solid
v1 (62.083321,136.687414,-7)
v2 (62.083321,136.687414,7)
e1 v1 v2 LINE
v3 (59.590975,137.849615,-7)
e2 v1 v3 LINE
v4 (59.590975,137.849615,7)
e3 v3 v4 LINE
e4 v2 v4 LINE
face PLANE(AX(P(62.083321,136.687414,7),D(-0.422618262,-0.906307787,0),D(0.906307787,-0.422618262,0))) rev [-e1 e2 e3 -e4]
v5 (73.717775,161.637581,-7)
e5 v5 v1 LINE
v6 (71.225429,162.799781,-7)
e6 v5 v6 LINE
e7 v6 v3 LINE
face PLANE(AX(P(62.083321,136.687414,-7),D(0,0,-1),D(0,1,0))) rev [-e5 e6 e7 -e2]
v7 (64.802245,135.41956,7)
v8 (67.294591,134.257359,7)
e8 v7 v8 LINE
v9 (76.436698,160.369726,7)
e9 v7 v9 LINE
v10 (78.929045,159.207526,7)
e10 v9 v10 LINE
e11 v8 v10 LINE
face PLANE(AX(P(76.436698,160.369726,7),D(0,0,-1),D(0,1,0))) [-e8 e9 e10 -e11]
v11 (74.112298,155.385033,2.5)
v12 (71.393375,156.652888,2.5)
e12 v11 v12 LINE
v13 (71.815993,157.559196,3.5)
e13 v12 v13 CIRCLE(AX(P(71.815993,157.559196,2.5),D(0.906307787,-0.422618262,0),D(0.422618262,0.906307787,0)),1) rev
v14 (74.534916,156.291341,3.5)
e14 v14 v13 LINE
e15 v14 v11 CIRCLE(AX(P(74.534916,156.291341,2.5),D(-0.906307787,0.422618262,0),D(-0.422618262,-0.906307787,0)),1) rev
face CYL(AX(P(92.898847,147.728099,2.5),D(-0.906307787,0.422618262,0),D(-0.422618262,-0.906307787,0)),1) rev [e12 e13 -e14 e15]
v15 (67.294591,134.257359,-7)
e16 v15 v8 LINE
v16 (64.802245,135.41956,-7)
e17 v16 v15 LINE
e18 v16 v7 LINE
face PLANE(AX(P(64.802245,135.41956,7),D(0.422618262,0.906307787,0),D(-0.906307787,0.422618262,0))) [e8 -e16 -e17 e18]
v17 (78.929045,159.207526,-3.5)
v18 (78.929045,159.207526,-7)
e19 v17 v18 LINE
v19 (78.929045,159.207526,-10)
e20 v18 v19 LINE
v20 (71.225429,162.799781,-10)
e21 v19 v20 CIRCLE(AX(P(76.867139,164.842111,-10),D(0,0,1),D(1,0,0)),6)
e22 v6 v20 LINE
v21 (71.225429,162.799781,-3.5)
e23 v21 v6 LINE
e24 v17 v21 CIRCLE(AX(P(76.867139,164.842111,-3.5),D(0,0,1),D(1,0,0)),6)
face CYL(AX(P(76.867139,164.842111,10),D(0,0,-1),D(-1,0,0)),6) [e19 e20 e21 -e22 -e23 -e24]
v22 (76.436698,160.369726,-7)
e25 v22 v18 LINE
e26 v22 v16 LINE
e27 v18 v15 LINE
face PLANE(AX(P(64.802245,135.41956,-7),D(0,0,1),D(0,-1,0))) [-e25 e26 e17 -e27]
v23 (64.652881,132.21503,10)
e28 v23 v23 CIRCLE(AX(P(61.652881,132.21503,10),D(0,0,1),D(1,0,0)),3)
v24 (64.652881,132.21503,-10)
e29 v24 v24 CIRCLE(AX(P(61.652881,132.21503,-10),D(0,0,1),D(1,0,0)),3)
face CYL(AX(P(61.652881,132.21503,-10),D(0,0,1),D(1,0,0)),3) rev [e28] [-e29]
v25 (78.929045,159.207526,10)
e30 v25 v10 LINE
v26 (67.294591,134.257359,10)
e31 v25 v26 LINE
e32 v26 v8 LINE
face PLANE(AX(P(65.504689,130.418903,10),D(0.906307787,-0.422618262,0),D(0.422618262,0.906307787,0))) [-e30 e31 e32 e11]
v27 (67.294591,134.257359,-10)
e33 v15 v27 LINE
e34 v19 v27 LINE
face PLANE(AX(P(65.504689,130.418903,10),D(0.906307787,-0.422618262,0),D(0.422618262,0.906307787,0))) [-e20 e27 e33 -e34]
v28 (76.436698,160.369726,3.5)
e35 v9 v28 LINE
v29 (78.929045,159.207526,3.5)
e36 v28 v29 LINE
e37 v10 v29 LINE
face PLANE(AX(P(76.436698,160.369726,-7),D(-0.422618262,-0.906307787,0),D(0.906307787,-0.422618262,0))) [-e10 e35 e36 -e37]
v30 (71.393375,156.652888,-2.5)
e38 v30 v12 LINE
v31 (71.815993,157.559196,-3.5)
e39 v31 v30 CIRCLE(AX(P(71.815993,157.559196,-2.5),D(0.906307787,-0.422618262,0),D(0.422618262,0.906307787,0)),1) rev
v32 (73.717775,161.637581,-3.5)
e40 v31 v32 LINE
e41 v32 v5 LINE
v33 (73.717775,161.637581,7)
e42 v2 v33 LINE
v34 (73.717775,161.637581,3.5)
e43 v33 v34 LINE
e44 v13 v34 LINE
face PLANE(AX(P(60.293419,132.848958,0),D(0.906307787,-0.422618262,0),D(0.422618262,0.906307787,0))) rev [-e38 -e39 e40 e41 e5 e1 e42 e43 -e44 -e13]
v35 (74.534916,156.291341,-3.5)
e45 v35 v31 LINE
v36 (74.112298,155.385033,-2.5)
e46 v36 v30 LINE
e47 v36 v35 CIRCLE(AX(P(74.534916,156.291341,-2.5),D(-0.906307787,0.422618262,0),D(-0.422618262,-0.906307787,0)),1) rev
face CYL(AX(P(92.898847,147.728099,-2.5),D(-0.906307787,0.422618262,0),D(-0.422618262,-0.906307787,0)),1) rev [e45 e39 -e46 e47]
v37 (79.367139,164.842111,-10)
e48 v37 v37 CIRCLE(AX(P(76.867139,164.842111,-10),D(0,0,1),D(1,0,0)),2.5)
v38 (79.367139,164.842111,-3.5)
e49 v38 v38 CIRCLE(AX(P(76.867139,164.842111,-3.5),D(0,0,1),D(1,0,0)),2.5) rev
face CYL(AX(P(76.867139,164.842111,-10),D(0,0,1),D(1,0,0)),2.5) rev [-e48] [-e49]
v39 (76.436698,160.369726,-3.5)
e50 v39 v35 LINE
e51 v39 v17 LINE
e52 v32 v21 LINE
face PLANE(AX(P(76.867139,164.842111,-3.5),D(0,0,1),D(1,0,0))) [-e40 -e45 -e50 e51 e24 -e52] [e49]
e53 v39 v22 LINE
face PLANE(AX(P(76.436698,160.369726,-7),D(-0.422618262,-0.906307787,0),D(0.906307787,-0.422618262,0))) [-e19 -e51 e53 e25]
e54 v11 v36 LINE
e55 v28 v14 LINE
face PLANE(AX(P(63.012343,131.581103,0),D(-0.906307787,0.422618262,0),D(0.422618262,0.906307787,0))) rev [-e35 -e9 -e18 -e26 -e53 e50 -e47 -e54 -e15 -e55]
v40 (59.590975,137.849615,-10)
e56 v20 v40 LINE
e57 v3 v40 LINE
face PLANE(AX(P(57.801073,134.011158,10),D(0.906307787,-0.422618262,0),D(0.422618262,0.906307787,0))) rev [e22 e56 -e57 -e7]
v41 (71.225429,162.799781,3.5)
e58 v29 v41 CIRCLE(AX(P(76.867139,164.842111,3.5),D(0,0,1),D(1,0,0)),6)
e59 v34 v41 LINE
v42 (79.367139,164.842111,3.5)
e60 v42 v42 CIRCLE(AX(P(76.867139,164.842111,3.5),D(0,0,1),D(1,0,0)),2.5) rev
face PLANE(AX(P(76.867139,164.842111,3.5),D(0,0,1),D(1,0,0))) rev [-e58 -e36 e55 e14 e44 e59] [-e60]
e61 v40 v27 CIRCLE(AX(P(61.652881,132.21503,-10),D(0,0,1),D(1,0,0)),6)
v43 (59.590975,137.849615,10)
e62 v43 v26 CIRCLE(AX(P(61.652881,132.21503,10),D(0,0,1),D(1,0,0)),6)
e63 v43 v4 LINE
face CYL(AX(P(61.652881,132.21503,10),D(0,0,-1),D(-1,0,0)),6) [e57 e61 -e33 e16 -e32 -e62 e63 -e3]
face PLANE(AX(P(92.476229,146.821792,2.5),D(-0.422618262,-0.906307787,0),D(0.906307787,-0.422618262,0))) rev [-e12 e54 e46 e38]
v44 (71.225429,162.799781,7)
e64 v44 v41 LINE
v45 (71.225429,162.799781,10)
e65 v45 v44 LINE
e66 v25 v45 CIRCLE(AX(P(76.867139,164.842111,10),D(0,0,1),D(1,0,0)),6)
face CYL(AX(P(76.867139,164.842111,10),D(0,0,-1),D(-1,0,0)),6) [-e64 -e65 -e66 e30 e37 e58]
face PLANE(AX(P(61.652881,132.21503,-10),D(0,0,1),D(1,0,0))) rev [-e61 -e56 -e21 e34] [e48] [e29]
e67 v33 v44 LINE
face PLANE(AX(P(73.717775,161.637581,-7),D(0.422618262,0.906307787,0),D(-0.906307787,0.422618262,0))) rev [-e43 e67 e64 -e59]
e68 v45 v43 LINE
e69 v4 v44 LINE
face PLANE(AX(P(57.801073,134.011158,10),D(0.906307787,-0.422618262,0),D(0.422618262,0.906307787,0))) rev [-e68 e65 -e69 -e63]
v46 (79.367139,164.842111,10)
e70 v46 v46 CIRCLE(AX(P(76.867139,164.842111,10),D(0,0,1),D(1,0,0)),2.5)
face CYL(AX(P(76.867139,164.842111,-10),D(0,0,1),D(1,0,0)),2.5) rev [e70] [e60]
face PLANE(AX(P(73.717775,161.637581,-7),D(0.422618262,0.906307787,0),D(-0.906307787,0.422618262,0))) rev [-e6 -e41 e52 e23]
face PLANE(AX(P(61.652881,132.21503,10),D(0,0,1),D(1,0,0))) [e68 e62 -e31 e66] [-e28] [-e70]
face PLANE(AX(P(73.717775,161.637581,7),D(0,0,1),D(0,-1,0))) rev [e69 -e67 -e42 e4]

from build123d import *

# Parameters (mm, degrees)
BOSS_EXTRUDE1_DEPTH     = 100
CUT_EXTRUDE1_DEPTH      = 452.895569028
CUT_EXTRUDE1_DEPTH_BACK = 452.895569028
SKETCH2_R               = 30
SKETCH2_R_2             = 25
SKETCH9_R               = 60
CUT_EXTRUDE4_DEPTH      = 35
CUT_EXTRUDE5_DEPTH      = 457.59902747
SKETCH12_W              = 140
SKETCH12_H              = 275.29462827
CUT_EXTRUDE6_DEPTH      = 27.5
SCALE1_SCALE            = 0.1


with BuildPart() as part:
    # Sketch1 → Boss-Extrude1 (new, symmetric)
    with BuildSketch(Plane.XY):
        with BuildLine():
            Line((56.417099429, 20.423292878), (172.761636695, 269.924958208))
            ThreePointArc((172.761636695, 269.924958208), (177.499669931, 380.649270555), (95.725474797, 305.847510456))
            Line((95.725474797, 305.847510456), (-20.619062469, 56.345845126))
            ThreePointArc((-20.619062469, 56.345845126), (-25.357095704, -54.378467222), (56.417099429, 20.423292878))
        make_face()
    extrude(amount=BOSS_EXTRUDE1_DEPTH, both=True)

    # Sketch2 → Cut-Extrude1 (cut, two sides: drawn at the far end of the back side and taken through both)
    with BuildSketch(Plane.XY.offset(-CUT_EXTRUDE1_DEPTH_BACK)):
        Circle(SKETCH2_R)
        with Locations((152.142574227, 326.270803333)):
            Circle(SKETCH2_R_2)
    extrude(amount=CUT_EXTRUDE1_DEPTH + CUT_EXTRUDE1_DEPTH_BACK, mode=Mode.SUBTRACT)

    # Sketch9 → Cut-Extrude4 (cut, symmetric)
    with BuildSketch(Plane.XY):
        with Locations((152.142574227, 326.270803333)):
            Circle(SKETCH9_R)
    extrude(amount=CUT_EXTRUDE4_DEPTH, both=True, mode=Mode.SUBTRACT)

    # Sketch10 → Cut-Extrude5 (cut, through all)
    with BuildSketch(Plane(origin=(-38.518080949, 17.961276124, 0), x_dir=(0, 0, 1), z_dir=(-0.906307787036651, 0.42261826174069733, 0))):
        with BuildLine():
            Line((-35, 317.647314135), (-35, 272.647314135))
            ThreePointArc((-35, 272.647314135), (-32.071067812, 265.576246323), (-25, 262.647314135))
            Line((-25, 262.647314135), (0, 262.647314135))
            Line((0, 262.647314135), (25, 262.647314135))
            ThreePointArc((25, 262.647314135), (32.071067812, 265.576246323), (35, 272.647314135))
            Line((35, 272.647314135), (35, 317.647314135))
            Line((35, 317.647314135), (-35, 317.647314135))
        make_face()
    extrude(amount=-CUT_EXTRUDE5_DEPTH, mode=Mode.SUBTRACT)

    # Sketch12 → Cut-Extrude6 (cut)
    with BuildSketch(Plane(origin=(-38.518080949, 17.961276124, 0), x_dir=(0, 0, 1), z_dir=(-0.906307787036651, 0.42261826174069733, 0))):
        with Locations((0, 180)):
            Rectangle(SKETCH12_W, SKETCH12_H)
    cut_extrude6 = extrude(amount=-CUT_EXTRUDE6_DEPTH, mode=Mode.SUBTRACT)

    # Mirror1: Cut-Extrude6 across plane
    add(cut_extrude6.mirror(Plane(origin=(0, 0, 0), x_dir=(0, 0, 1), z_dir=(-0.906307787036651, 0.42261826174069733, 0))), mode=Mode.SUBTRACT)


with BuildPart() as part_1:
    # Scale1: scaled about (68.503201219, 146.905589092, 0)
    add(part.part.scale(SCALE1_SCALE).moved(Location((61.652881097, 132.215030183, 0))))


solid = part_1.part
